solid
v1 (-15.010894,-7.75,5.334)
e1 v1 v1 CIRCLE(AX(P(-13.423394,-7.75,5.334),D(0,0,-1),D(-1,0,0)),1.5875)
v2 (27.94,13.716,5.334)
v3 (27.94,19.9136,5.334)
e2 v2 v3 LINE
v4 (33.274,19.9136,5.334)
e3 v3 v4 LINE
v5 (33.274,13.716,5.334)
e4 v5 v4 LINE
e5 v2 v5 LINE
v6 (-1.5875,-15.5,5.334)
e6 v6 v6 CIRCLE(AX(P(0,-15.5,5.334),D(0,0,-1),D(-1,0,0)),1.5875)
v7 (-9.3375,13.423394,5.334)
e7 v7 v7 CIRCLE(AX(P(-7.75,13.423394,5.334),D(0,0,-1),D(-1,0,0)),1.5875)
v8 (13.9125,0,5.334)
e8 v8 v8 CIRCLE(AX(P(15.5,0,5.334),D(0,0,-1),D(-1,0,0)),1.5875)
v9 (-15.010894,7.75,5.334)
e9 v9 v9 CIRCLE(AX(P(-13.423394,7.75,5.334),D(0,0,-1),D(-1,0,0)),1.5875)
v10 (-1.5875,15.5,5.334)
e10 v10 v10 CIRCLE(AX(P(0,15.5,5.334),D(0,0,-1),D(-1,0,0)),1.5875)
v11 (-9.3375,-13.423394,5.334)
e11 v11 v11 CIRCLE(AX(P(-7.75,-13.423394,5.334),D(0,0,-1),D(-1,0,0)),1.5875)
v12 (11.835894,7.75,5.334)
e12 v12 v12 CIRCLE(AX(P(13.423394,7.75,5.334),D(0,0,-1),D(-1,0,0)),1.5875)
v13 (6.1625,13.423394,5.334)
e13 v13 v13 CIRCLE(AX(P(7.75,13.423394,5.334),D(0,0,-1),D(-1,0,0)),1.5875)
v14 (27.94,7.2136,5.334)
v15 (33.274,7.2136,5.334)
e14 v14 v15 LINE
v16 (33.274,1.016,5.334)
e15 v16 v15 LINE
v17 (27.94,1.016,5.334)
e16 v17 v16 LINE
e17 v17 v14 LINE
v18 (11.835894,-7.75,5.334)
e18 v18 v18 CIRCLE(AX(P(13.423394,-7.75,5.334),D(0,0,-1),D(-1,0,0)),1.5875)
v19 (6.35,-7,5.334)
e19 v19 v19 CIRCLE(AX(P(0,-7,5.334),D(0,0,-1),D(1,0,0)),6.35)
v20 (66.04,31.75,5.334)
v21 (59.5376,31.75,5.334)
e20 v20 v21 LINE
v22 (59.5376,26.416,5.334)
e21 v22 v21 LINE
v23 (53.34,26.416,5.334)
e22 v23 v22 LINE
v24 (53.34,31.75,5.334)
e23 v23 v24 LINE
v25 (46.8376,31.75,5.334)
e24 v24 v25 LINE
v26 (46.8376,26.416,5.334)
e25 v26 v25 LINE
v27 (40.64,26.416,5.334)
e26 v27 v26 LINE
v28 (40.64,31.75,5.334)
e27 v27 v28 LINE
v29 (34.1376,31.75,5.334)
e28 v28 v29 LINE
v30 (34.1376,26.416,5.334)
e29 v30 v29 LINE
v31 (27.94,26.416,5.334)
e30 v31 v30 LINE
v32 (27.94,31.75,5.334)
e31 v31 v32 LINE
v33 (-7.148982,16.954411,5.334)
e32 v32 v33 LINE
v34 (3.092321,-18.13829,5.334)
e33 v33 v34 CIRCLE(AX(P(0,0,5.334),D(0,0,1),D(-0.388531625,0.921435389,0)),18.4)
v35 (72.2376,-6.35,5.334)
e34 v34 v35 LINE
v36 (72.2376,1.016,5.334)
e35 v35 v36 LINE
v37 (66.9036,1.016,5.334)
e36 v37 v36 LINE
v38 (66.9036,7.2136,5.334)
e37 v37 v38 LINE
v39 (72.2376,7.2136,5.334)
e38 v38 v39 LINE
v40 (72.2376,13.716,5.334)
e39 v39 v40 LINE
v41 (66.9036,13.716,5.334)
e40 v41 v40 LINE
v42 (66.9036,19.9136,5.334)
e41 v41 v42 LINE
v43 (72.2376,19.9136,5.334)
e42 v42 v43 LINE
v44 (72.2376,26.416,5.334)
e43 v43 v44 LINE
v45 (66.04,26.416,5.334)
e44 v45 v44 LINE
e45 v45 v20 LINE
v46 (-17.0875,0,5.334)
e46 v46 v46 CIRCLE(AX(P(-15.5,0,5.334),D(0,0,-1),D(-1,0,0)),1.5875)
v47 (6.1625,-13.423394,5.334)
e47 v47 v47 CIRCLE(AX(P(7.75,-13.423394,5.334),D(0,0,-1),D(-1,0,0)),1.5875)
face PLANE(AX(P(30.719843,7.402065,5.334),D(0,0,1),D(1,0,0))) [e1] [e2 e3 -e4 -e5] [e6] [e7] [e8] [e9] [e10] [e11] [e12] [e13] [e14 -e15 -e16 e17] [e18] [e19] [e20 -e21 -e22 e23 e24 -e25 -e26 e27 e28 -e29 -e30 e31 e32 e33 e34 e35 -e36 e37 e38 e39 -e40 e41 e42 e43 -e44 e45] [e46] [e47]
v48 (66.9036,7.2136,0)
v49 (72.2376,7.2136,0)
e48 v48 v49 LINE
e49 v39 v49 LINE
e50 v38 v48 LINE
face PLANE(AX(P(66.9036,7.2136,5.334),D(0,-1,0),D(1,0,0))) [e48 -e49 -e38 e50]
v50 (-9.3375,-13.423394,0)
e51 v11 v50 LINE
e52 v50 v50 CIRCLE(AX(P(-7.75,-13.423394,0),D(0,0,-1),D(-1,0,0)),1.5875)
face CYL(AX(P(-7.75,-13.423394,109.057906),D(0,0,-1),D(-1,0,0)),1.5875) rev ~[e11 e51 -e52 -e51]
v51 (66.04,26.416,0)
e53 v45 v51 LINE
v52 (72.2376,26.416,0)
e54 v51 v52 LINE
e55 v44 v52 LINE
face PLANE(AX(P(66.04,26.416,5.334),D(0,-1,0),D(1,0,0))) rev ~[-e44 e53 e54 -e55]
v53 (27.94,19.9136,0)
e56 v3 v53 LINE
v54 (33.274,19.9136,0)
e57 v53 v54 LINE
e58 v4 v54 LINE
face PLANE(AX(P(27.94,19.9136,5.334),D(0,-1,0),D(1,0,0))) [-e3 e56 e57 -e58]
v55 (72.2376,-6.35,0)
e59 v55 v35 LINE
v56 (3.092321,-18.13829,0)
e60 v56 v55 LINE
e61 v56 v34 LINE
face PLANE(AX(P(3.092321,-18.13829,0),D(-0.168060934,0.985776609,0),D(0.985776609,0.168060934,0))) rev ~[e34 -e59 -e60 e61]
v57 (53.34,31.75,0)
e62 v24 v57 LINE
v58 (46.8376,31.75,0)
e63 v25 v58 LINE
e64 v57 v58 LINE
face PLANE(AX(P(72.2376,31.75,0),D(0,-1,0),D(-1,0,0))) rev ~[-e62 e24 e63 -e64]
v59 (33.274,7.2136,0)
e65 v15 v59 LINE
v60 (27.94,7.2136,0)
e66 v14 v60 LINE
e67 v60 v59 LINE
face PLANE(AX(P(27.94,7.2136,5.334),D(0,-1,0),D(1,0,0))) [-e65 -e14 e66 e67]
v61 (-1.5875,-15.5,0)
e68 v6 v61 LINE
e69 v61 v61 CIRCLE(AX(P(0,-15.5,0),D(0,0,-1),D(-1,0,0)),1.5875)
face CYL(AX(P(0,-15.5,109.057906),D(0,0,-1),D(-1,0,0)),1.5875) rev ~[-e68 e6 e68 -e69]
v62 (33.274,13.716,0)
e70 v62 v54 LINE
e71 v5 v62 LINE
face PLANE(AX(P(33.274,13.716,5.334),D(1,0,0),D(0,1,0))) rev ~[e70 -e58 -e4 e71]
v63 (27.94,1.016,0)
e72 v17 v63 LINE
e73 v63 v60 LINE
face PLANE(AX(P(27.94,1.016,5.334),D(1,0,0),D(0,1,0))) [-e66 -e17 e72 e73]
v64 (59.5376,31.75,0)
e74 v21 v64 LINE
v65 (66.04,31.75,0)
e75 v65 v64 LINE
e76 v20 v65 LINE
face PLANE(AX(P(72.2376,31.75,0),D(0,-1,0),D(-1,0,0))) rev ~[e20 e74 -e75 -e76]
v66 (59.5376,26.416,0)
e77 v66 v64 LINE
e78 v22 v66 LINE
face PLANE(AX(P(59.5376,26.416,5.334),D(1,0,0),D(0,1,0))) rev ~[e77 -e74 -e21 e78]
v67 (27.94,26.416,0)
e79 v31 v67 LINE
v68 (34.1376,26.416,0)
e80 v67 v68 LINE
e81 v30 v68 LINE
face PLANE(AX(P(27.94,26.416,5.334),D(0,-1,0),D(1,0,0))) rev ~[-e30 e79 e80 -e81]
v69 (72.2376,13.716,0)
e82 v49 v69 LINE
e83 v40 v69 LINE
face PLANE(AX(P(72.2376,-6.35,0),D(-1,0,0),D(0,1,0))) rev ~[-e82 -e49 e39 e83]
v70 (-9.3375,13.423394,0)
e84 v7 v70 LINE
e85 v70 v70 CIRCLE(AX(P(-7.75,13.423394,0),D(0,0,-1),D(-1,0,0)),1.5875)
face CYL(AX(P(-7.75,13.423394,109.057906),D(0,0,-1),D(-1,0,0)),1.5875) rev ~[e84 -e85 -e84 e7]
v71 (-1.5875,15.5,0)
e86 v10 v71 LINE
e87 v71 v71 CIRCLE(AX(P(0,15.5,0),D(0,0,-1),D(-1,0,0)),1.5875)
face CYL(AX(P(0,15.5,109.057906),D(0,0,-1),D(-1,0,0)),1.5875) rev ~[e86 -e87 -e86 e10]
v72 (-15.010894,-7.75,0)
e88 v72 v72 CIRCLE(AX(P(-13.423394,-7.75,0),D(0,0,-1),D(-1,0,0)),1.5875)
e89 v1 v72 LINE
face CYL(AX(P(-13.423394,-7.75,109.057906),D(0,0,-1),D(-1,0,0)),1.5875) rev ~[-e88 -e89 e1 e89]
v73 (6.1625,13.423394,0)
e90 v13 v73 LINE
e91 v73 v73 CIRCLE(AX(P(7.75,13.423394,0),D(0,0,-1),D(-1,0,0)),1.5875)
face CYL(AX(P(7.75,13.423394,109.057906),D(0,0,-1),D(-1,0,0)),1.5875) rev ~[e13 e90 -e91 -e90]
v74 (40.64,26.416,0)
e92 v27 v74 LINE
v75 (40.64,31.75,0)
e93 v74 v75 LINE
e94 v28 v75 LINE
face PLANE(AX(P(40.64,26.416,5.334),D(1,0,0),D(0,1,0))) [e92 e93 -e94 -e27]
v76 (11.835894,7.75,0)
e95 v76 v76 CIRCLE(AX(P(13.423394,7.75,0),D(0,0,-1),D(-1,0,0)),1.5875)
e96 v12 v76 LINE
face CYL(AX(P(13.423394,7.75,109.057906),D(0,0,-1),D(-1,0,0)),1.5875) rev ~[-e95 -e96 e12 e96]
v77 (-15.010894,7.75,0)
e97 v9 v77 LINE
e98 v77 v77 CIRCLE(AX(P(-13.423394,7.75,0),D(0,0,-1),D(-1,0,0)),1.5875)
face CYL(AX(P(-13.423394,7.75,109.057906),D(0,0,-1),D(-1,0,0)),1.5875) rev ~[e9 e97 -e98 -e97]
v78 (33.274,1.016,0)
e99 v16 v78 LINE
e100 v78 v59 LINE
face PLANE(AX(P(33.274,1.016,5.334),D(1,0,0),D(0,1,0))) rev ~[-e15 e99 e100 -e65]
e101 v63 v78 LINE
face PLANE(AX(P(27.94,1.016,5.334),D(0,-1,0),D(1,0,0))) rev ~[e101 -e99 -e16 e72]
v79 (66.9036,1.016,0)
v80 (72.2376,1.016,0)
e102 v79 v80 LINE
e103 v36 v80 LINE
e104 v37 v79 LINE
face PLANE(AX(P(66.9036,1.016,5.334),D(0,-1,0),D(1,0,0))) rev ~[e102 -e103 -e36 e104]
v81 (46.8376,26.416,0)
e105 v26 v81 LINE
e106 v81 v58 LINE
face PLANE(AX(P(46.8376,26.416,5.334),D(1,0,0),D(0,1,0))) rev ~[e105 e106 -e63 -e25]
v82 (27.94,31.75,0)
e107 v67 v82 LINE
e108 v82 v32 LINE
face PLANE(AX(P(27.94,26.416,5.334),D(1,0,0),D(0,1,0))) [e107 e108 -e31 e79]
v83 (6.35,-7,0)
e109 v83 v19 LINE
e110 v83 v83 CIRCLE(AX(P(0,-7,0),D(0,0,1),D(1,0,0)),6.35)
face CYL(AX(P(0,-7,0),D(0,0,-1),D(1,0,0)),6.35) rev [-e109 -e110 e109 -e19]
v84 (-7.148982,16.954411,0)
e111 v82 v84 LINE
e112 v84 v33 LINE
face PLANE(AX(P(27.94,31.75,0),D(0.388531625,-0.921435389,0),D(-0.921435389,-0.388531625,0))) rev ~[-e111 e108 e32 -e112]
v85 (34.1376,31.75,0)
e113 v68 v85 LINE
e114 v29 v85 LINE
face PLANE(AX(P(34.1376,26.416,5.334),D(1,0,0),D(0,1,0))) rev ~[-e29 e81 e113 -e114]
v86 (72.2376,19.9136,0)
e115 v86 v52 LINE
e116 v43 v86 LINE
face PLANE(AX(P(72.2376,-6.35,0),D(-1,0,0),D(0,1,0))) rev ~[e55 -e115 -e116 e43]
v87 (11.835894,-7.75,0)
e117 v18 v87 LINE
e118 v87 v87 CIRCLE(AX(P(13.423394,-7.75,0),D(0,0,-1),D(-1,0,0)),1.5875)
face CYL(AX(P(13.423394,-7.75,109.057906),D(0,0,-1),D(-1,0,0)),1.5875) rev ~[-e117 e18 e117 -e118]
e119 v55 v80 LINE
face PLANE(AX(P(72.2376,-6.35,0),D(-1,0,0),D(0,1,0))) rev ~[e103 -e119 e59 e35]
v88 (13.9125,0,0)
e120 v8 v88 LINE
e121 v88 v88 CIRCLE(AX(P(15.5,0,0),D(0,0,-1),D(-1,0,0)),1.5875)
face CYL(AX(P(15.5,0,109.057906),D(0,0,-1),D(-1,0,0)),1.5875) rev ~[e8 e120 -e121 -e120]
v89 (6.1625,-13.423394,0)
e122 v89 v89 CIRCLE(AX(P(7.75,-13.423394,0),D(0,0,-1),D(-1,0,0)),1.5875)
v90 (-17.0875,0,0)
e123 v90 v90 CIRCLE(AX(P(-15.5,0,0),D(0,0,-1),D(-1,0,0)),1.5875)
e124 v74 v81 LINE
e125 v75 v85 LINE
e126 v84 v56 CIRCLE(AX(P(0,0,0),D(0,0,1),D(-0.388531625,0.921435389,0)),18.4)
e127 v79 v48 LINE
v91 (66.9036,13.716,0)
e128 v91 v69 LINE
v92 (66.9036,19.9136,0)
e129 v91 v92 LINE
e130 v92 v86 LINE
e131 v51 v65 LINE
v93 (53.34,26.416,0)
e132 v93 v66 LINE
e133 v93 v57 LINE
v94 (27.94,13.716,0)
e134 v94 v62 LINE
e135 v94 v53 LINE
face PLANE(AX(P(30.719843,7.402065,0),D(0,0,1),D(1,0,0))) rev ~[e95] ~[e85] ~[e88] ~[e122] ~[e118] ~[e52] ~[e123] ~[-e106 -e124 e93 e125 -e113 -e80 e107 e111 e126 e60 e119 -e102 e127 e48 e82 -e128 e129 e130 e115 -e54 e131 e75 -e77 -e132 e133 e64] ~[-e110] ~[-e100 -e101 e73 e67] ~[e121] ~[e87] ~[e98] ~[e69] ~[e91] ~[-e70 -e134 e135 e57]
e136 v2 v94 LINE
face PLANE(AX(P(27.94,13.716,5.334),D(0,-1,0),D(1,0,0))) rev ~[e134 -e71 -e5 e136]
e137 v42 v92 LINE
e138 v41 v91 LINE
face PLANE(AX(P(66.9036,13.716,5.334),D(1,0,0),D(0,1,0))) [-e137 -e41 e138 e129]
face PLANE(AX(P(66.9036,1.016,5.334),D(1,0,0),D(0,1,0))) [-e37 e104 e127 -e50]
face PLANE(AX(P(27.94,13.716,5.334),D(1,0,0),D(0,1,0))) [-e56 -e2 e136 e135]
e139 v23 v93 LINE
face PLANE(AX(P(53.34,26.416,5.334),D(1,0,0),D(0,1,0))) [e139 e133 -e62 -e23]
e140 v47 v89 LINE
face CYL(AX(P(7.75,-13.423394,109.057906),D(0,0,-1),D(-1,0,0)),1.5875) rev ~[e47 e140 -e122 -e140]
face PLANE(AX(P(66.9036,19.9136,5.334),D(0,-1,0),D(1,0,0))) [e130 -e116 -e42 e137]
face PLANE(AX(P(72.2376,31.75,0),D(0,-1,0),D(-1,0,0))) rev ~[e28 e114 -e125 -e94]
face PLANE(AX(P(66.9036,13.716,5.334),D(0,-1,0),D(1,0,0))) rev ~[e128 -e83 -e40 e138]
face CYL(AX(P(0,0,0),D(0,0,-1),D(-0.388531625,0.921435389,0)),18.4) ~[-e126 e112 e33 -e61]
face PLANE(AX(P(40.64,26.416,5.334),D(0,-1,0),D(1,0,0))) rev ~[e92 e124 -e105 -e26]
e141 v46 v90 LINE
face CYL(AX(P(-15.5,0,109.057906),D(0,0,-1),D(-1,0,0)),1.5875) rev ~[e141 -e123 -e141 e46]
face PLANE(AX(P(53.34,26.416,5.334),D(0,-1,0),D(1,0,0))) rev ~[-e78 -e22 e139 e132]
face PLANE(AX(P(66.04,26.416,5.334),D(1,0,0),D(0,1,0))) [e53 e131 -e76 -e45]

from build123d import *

# Parameters (mm, degrees)
BOSS_EXTRUDE1_DEPTH          = 5.334
SKETCH1_3_R                  = 6.35
CUT_EXTRUDE2_DEPTH           = 80.087198141
F_1_8_0_125_DIAMETER_HOLE1_D = 3.175
SKETCH4_W                    = 6.1976
SKETCH4_H                    = 5.334
CUT_EXTRUDE3_DEPTH           = 80.087198141
LPATTERN1_COUNT              = 4
LPATTERN1_PITCH              = 12.7
SKETCH5_W                    = 5.334
SKETCH5_H                    = 6.1976
CUT_EXTRUDE4_DEPTH           = 80.087198141
LPATTERN2_COUNT              = 2
LPATTERN2_PITCH              = 12.7


with BuildPart() as part:
    # Sketch1 → Boss-Extrude1 (new body)
    with BuildSketch(Plane.XY):
        with BuildLine():
            Line((72.2376, 31.75), (27.94, 31.75))
            Line((27.94, 31.75), (-7.148981901, 16.95441116))
            ThreePointArc((-7.148981901, 16.95441116), (-17.663197211, -5.154751622), (3.092321188, -18.138289602))
            Line((3.092321188, -18.138289602), (72.2376, -6.35))
            Line((72.2376, -6.35), (72.2376, 31.75))
        make_face()
    extrude(amount=BOSS_EXTRUDE1_DEPTH)

    # Sketch1<3> → Cut-Extrude2 (cut, through all)
    with BuildSketch(Plane.XY):
        with Locations((0, -7)):
            Circle(SKETCH1_3_R)
    extrude(amount=CUT_EXTRUDE2_DEPTH, mode=Mode.SUBTRACT)

    # 1/8 (0.125) Diameter Hole1 (through all)
    with Locations(Plane.XY.offset(5.334)):
        with Locations((0, 15.5), (7.75, 13.423393759), (13.423393759, 7.75), (15.5, 0), (13.423393759, -7.75), (7.75, -13.423393759), (0, -15.5), (-7.75, -13.423393759), (-13.423393759, -7.75), (-15.5, 0), (-13.423393759, 7.75), (-7.75, 13.423393759)):
            Hole(F_1_8_0_125_DIAMETER_HOLE1_D / 2)

    # Sketch4 → Cut-Extrude3 (cut, through all)
    with BuildSketch(Plane.XY.offset(5.334)):
        with Locations((31.0388, 29.083)):
            Rectangle(SKETCH4_W, SKETCH4_H)
    cut_extrude3 = extrude(amount=-CUT_EXTRUDE3_DEPTH, mode=Mode.SUBTRACT)

    # LPattern1: Cut-Extrude3 ×4
    with Locations(*[(i * LPATTERN1_PITCH, 0, 0) for i in range(1, LPATTERN1_COUNT)]):
        add(cut_extrude3, mode=Mode.SUBTRACT)

    # Sketch5 → Cut-Extrude4 (cut, through all)
    with BuildSketch(Plane.XY.offset(5.334)):
        with Locations((69.5706, 16.8148)):
            Rectangle(SKETCH5_W, SKETCH5_H)
        with Locations((30.607, 16.8148)):
            Rectangle(SKETCH5_W, SKETCH5_H)
    cut_extrude4 = extrude(amount=-CUT_EXTRUDE4_DEPTH, mode=Mode.SUBTRACT)

    # LPattern2: Cut-Extrude4 ×2
    with Locations(*[(0, -i * LPATTERN2_PITCH, 0) for i in range(1, LPATTERN2_COUNT)]):
        add(cut_extrude4, mode=Mode.SUBTRACT)


solid = part.part
